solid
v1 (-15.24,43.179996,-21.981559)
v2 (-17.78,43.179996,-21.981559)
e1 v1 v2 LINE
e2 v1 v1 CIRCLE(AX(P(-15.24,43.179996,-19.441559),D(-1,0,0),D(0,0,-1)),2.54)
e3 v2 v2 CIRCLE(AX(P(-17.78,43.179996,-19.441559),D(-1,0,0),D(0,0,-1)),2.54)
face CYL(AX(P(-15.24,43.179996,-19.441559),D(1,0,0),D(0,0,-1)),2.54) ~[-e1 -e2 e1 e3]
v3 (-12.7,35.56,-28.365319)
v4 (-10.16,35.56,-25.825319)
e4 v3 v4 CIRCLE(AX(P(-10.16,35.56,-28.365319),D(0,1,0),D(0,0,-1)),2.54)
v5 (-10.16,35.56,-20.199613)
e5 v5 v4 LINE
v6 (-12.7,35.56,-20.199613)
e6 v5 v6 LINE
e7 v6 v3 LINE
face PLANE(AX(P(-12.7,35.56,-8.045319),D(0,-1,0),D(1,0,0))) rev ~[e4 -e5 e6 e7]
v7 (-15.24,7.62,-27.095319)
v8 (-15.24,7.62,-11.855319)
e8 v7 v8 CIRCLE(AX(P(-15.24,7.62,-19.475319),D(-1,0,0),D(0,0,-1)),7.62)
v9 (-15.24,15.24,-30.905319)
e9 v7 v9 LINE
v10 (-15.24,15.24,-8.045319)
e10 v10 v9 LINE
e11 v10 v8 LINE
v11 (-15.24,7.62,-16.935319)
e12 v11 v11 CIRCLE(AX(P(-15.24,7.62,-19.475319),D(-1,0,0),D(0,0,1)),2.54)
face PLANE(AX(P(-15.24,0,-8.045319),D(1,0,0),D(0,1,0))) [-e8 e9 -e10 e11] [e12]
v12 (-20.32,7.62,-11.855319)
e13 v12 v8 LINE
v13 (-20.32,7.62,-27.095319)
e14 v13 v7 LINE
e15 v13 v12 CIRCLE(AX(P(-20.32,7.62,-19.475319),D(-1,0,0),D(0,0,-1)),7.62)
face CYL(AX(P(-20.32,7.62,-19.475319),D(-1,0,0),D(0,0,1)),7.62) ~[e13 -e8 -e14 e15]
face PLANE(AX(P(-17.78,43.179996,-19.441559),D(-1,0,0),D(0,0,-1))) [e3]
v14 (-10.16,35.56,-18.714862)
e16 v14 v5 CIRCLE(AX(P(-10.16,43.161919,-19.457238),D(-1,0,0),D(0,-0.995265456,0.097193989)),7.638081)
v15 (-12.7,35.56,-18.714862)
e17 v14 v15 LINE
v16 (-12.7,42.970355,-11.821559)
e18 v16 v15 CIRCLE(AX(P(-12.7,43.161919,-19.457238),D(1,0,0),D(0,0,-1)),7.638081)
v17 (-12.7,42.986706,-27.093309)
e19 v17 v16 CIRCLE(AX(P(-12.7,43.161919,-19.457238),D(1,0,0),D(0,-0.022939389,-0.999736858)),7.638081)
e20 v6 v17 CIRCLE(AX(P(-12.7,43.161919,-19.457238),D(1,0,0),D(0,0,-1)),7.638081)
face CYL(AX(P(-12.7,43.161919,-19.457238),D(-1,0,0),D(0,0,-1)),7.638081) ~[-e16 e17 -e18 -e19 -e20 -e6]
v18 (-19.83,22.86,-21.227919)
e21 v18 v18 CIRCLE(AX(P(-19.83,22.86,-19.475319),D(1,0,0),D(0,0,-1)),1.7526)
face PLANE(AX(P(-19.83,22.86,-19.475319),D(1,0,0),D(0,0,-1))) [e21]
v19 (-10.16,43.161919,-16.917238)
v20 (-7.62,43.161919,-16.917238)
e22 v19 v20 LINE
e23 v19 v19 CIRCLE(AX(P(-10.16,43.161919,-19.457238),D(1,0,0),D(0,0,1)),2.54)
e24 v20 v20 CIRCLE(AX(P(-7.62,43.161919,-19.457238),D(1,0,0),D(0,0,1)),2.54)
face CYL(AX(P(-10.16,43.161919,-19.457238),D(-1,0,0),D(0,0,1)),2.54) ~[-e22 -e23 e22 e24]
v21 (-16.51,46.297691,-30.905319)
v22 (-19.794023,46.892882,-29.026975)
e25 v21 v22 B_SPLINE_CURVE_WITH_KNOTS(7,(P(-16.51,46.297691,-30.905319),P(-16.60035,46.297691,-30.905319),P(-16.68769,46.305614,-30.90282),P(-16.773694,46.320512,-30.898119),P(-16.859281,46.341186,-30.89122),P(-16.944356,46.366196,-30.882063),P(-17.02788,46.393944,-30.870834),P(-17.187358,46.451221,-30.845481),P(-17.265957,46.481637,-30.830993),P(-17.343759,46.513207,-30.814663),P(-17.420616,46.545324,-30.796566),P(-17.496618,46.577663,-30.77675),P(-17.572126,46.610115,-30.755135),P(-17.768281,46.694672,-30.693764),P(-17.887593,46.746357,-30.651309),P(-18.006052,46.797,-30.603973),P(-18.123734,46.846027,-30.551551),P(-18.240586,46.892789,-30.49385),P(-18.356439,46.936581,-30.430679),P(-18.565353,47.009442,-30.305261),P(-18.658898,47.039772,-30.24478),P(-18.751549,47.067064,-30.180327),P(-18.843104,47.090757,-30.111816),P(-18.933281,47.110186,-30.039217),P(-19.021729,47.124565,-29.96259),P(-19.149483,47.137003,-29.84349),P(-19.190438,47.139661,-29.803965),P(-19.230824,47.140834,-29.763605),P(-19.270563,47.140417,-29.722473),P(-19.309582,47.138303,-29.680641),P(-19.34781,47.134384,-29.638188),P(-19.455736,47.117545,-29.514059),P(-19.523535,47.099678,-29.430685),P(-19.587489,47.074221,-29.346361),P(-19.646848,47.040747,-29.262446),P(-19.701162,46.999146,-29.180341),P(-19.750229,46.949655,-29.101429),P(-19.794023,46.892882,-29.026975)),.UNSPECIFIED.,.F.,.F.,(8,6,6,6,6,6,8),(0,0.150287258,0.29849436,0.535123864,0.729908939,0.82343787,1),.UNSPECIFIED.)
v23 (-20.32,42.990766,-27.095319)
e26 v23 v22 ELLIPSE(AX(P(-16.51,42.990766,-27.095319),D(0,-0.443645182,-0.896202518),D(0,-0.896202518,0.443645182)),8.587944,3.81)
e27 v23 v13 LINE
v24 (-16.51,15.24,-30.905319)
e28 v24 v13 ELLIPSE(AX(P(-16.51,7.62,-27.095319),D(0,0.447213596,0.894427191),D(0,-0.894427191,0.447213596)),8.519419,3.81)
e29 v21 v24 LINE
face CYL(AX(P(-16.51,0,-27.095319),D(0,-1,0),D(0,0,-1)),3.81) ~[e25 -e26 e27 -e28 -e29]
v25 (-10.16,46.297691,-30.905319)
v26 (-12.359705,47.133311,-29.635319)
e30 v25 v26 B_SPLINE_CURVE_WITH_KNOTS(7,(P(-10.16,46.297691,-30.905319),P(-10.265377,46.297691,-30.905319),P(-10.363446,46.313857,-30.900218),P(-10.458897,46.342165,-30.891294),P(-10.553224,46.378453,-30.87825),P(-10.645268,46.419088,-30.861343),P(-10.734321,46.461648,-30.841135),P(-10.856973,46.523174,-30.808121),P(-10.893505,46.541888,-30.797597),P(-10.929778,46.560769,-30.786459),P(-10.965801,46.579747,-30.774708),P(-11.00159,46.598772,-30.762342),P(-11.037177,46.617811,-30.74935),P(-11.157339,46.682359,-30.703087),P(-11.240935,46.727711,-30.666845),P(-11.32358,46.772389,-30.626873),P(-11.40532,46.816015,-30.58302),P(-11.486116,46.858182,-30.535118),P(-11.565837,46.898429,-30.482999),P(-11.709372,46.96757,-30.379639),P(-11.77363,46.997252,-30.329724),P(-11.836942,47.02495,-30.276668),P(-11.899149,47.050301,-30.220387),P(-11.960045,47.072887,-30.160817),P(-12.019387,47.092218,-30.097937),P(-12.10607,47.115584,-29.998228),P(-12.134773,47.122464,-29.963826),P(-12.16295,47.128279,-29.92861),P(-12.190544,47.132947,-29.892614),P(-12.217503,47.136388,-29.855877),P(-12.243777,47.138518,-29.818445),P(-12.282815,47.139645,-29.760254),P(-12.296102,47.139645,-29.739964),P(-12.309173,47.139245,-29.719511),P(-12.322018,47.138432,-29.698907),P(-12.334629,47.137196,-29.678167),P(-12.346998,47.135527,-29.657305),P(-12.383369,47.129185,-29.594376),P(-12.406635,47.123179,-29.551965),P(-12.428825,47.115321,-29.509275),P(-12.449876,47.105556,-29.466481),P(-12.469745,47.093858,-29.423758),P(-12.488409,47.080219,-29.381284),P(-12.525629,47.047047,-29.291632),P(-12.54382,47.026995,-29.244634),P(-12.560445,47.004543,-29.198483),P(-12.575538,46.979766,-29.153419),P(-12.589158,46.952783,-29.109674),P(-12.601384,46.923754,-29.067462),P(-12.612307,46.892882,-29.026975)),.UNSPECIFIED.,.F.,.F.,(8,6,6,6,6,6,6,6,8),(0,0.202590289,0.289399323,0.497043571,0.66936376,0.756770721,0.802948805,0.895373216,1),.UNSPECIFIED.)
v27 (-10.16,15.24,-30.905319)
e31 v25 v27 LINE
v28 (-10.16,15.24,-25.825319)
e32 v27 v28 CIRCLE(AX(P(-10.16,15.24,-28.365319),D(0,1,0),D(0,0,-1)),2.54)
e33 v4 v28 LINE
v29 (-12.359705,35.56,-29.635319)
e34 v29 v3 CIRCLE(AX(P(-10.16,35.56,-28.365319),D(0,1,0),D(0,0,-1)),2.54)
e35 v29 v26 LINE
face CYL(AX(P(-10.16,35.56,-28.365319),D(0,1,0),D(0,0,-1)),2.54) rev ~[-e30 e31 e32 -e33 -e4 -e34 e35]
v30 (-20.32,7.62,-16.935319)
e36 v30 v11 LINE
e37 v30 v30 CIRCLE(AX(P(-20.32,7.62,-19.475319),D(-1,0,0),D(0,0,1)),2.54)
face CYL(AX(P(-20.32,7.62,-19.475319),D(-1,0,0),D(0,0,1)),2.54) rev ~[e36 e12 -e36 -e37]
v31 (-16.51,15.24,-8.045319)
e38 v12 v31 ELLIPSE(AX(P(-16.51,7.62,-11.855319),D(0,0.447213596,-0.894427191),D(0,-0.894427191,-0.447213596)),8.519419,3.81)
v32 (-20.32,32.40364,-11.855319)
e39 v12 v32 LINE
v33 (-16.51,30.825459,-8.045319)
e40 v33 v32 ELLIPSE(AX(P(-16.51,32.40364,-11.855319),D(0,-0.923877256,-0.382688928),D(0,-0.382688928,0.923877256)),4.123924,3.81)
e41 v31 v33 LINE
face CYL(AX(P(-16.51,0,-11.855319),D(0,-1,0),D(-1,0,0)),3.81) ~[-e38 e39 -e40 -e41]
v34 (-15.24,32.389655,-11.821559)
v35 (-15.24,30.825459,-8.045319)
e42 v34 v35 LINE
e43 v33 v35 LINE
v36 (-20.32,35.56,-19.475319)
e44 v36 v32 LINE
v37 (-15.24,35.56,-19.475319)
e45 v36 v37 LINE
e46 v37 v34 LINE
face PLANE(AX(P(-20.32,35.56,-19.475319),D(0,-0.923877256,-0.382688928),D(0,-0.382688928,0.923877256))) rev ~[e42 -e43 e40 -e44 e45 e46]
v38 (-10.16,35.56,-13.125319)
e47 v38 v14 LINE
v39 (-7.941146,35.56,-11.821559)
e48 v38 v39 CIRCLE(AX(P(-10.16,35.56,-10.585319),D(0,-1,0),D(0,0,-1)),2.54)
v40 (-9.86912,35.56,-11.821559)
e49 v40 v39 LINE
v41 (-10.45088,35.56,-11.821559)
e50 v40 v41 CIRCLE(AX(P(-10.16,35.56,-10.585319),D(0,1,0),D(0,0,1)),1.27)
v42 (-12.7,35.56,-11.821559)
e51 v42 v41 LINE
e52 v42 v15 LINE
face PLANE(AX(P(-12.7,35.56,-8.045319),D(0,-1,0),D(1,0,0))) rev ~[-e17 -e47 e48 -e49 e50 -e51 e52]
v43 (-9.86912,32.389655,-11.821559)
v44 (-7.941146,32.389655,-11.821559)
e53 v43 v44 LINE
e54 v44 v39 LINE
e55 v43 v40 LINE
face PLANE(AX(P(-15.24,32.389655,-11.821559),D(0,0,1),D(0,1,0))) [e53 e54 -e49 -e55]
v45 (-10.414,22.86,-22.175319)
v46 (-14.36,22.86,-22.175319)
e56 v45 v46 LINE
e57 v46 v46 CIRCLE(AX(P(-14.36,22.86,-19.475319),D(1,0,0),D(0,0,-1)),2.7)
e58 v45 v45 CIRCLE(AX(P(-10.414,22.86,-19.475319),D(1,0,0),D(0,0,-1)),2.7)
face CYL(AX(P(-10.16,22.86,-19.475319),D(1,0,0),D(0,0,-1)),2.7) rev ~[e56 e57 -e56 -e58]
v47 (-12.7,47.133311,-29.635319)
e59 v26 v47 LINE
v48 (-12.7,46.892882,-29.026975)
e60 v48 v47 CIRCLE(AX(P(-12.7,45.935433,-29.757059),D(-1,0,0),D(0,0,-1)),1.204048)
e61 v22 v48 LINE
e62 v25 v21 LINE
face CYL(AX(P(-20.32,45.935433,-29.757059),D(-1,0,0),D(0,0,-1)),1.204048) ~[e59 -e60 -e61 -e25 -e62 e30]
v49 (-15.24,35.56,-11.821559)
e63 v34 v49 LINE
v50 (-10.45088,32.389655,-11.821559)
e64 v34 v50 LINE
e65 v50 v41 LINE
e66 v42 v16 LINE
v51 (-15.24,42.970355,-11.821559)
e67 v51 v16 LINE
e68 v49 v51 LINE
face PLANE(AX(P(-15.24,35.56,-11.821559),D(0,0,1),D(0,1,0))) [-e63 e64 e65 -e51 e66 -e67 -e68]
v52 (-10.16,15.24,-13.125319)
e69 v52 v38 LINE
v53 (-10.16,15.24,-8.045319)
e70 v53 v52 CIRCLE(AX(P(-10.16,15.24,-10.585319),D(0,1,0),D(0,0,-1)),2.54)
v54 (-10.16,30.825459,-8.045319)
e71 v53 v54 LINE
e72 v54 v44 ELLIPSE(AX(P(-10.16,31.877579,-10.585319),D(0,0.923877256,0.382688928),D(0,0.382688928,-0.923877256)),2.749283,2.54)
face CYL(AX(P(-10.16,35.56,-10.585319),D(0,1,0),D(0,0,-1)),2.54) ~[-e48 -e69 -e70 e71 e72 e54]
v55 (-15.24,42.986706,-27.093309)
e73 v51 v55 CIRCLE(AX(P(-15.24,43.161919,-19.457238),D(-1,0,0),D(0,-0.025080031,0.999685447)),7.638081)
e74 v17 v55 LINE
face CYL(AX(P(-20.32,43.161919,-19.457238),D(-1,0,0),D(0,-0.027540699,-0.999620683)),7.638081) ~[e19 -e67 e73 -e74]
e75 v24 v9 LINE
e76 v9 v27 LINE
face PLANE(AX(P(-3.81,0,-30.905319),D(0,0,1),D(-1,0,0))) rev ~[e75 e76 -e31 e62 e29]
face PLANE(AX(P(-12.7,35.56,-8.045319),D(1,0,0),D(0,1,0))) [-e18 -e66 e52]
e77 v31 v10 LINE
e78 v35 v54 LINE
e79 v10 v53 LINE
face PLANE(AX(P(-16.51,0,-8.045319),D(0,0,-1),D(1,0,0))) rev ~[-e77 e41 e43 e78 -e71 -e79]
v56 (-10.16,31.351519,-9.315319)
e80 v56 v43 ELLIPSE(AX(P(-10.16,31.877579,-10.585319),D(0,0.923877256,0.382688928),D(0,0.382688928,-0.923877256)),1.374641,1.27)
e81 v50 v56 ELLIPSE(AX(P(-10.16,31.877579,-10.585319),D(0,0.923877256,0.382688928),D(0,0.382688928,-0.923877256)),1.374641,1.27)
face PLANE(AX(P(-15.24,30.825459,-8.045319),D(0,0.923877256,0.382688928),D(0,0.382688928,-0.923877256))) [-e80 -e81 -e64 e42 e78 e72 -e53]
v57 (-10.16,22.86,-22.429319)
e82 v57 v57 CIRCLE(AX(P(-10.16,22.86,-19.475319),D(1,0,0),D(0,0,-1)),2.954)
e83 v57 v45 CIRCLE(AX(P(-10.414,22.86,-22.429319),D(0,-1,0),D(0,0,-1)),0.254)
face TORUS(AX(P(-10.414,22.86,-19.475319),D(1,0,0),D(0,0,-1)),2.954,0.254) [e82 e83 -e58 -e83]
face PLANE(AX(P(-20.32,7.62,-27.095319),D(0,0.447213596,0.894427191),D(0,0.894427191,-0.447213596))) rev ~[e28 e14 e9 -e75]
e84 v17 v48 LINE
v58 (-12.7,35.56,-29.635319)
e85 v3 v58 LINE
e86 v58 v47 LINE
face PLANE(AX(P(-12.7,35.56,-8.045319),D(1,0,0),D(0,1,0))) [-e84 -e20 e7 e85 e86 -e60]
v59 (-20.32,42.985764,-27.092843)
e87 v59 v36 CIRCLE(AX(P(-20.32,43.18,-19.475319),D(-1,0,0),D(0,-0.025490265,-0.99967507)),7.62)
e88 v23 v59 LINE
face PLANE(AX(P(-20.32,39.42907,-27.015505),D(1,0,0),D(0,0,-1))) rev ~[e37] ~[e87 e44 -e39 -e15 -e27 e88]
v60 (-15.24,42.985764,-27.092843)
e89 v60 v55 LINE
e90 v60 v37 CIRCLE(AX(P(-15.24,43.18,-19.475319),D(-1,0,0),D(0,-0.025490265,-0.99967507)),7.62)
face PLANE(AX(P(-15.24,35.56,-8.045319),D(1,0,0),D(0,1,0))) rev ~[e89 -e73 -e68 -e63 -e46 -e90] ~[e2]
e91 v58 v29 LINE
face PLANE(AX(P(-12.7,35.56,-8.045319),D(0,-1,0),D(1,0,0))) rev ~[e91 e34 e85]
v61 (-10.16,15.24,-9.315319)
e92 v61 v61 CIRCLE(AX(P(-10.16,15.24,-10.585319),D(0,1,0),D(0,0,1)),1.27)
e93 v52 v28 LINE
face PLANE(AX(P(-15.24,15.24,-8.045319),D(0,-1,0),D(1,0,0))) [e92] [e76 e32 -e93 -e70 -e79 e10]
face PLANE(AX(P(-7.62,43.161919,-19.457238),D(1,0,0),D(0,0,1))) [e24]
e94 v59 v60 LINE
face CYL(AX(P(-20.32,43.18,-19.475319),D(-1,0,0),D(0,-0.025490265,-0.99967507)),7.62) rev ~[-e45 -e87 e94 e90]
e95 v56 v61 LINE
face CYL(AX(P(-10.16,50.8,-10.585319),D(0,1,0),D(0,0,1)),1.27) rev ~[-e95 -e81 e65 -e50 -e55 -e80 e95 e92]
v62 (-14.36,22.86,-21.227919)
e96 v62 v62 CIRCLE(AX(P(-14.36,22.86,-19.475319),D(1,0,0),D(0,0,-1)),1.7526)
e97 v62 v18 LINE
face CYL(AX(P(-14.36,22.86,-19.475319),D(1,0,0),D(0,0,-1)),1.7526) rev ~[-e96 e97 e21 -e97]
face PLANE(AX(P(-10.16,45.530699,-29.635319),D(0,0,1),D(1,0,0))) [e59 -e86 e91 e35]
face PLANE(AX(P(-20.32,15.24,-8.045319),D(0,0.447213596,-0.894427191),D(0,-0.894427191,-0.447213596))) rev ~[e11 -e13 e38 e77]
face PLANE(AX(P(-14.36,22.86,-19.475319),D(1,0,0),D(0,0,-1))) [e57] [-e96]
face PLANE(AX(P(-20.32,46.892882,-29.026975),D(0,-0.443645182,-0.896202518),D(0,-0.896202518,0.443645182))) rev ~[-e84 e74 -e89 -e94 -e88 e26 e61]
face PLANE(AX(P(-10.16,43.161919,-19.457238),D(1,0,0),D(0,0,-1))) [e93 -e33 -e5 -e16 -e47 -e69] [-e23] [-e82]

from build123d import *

# Parameters (mm, degrees)
BOSS_EXTRUDE1_DEPTH = 50.8
SKETCH3_R           = 1.27
CUT_EXTRUDE2_DEPTH  = 50.8
CUT_EXTRUDE1_DEPTH  = 50.8
CUT_EXTRUDE6_DEPTH  = 50.8
BOSS_EXTRUDE3_DEPTH = 20.32
SKETCH4_W           = 10.16
SKETCH4_H           = 15.24
CUT_EXTRUDE3_DEPTH  = 50.8
SKETCH5_R           = 2.54
CUT_EXTRUDE5_DEPTH  = 50.8
SKETCH8_R           = 2.54
BOSS_EXTRUDE2_DEPTH = 2.54
LPATTERN1_COUNT     = 2
LPATTERN1_PITCH     = 12.7
CUT_EXTRUDE7_DEPTH  = 20.32
SKETCH12_W          = 5.08
SKETCH12_H          = 19.941398178
CUT_EXTRUDE8_DEPTH  = 21.59
CUT_EXTRUDE9_DEPTH  = 5.08
LPATTERN2_COUNT     = 2
LPATTERN2_PITCH     = 15.24
CUT_EXTRUDE10_DEPTH = 40.767
SKETCH14_R          = 7.638081415
BOSS_EXTRUDE4_DEPTH = 2.54
SKETCH16_R          = 2.54
BOSS_EXTRUDE5_DEPTH = 2.54
SKETCH21_W          = 3.776239755
SKETCH21_H          = 7.410355269
CUT_EXTRUDE14_DEPTH = 2.54
CUT_EXTRUDE15_DEPTH = 9.906
SKETCH23_R          = 2.7
CUT_EXTRUDE16_DEPTH = 4.2
FILLET1_R           = 0.254
SKETCH24_R          = 1.7526
CUT_EXTRUDE17_DEPTH = 5.47


with BuildPart() as part:
    # Sketch1 → Boss-Extrude1 (new body)
    with BuildSketch(Plane(origin=(0, 0, 0), x_dir=(1, 0, 0), z_dir=(0, 1, 0))):
        with BuildLine():
            Line((-20.32, 27.095319289), (-20.32, 11.855319289))
            ThreePointArc((-20.32, 11.855319289), (-19.204076836, 9.161242453), (-16.51, 8.045319289))
            Line((-16.51, 8.045319289), (-3.81, 8.045319289))
            ThreePointArc((-3.81, 8.045319289), (-1.115923164, 9.161242453), (0, 11.855319289))
            Line((0, 11.855319289), (0, 27.095319289))
            ThreePointArc((0, 27.095319289), (-1.115923164, 29.789396126), (-3.81, 30.905319289))
            Line((-3.81, 30.905319289), (-16.51, 30.905319289))
            ThreePointArc((-16.51, 30.905319289), (-19.204076836, 29.789396126), (-20.32, 27.095319289))
        make_face()
    extrude(amount=BOSS_EXTRUDE1_DEPTH)

    # Sketch3 → Cut-Extrude2 (cut)
    with BuildSketch(Plane(origin=(0, 50.8, 0), x_dir=(1, 0, 0), z_dir=(0, 1, 0))):
        with Locations(Location((-10.16, 10.585319289, 0), (0, 0, 270))):
            Circle(SKETCH3_R)
        with Locations(Location((-10.16, 28.365319289, 0), (0, 0, 270))):
            Circle(SKETCH3_R)
    extrude(amount=-CUT_EXTRUDE2_DEPTH, mode=Mode.SUBTRACT)

    # Sketch2 → Cut-Extrude1 (cut)
    with BuildSketch(Plane.ZY.offset(20.32)):
        with BuildLine():
            Line((-27.095319289, 7.62), (-30.905319289, 15.24))
            Line((-30.905319289, 15.24), (-30.905319289, -5.08))
            Line((-30.905319289, -5.08), (-8.045319289, -5.08))
            Line((-8.045319289, -5.08), (-8.045319289, 15.24))
            Line((-8.045319289, 15.24), (-11.855319289, 7.62))
            ThreePointArc((-11.855319289, 7.62), (-19.475319289, 0), (-27.095319289, 7.62))
        make_face()
        with BuildLine():
            Line((-11.821559044, 42.970355269), (-8.045319289, 35.56))
            Line((-8.045319289, 35.56), (-8.045319289, 55.88))
            Line((-8.045319289, 55.88), (-30.905319289, 55.88))
            Line((-30.905319289, 55.88), (-30.905319289, 35.56))
            Line((-30.905319289, 35.56), (-27.092422036, 42.951560486))
            ThreePointArc((-27.092422036, 42.951560486), (-19.46663852, 50.799994215), (-11.821559044, 42.970355269))
        make_face()
    extrude(amount=-CUT_EXTRUDE1_DEPTH, mode=Mode.SUBTRACT)

    # Sketch7 → Cut-Extrude6 (cut)
    with BuildSketch(Plane.XY.offset(-8.045319289)):
        Polygon((-15.24, 50.8), (-12.7, 50.8), (-12.7, 35.56), (-7.62, 35.56), (-7.62, 50.8), (-5.08, 50.8), (-5.08, 35.56), (0, 35.56), (0, 59.156438057), (-20.32, 59.156438057), (-20.32, 35.56), (-15.24, 35.56), align=None)
    extrude(amount=-CUT_EXTRUDE6_DEPTH, mode=Mode.SUBTRACT)

    # Sketch9 → Boss-Extrude3 (add)
    with BuildSketch(Plane.ZY.offset(20.32)):
        with BuildLine():
            Line((-19.475319289, 35.56), (-30.961107471, 35.56))
            Line((-30.961107471, 35.56), (-30.961107471, 45.935432902))
            ThreePointArc((-30.961107471, 45.935432902), (-30.291229548, 47.014503778), (-29.026975399, 46.892882091))
            Line((-29.026975399, 46.892882091), (-27.092843326, 42.985764183))
            ThreePointArc((-27.092843326, 42.985764183), (-24.794356941, 37.723605727), (-19.475319289, 35.56))
        make_face()
    extrude(amount=-BOSS_EXTRUDE3_DEPTH)

    # Sketch4 → Cut-Extrude3 (cut)
    with BuildSketch(Plane.XY.offset(-8.045319289)):
        with Locations((-10.16, 7.62)):
            Rectangle(SKETCH4_W, SKETCH4_H)
    extrude(amount=-CUT_EXTRUDE3_DEPTH, mode=Mode.SUBTRACT)

    # Sketch5 → Cut-Extrude5 (cut)
    with BuildSketch(Plane.ZY.offset(20.32)):
        with Locations((-19.475319289, 7.62)):
            Circle(SKETCH5_R)
    extrude(amount=-CUT_EXTRUDE5_DEPTH, mode=Mode.SUBTRACT)

    # Sketch8 → Boss-Extrude2 (add)
    with BuildSketch(Plane.ZY.offset(15.24)):
        with Locations(Location((-19.441559044, 43.179995622, 0), (0, 0, 180))):
            Circle(SKETCH8_R)
    boss_extrude2 = extrude(amount=BOSS_EXTRUDE2_DEPTH)

    # LPattern1: Boss-Extrude2 ×2
    with Locations(*[(i * LPATTERN1_PITCH, 0, 0) for i in range(1, LPATTERN1_COUNT)]):
        add(boss_extrude2)

    # Sketch10 → Cut-Extrude7 (cut)
    with BuildSketch(Plane.XZ.offset(-35.56)):
        with BuildLine():
            Line((-16.51, -30.905319289), (-3.81, -30.905319289))
            ThreePointArc((-3.81, -30.905319289), (-1.115923164, -29.789396126), (0, -27.095319289))
            Line((0, -27.095319289), (5.770912039, -37.258829719))
            Line((5.770912039, -37.258829719), (-26.797758959, -37.890739908))
            Line((-26.797758959, -37.890739908), (-20.32, -27.095319289))
            ThreePointArc((-20.32, -27.095319289), (-19.204076836, -29.789396126), (-16.51, -30.905319289))
        make_face()
    extrude(amount=-CUT_EXTRUDE7_DEPTH, mode=Mode.SUBTRACT)

    # Sketch12 → Cut-Extrude8 (cut)
    with BuildSketch(Plane.XY.offset(-8.045319289)):
        with Locations((-10.16, 45.530699089)):
            Rectangle(SKETCH12_W, SKETCH12_H)
    extrude(amount=-CUT_EXTRUDE8_DEPTH, mode=Mode.SUBTRACT)

    # Sketch13 → Cut-Extrude9 (cut)
    with BuildSketch(Plane.ZY.offset(20.32)):
        Polygon((-19.475319289, 35.56), (-8.045319289, 30.82545932), (-1.320705488, 30.82545932), (-1.320705488, 35.56), align=None)
    cut_extrude9 = extrude(amount=-CUT_EXTRUDE9_DEPTH, mode=Mode.SUBTRACT)

    # LPattern2: Cut-Extrude9 ×2
    with Locations(*[(i * LPATTERN2_PITCH, 0, 0) for i in range(1, LPATTERN2_COUNT)]):
        add(cut_extrude9, mode=Mode.SUBTRACT)

    # Sketch15 → Cut-Extrude10 (cut, symmetric)
    with BuildSketch(Plane(origin=(0, 35.56, 0), x_dir=(1, 0, 0), z_dir=(0, 1, 0))):
        with BuildLine():
            Line((-10.16, 25.825319289), (-10.16, 13.125319289))
            ThreePointArc((-10.16, 13.125319289), (-7.62, 10.585319289), (-10.16, 8.045319289))
            Line((-10.16, 8.045319289), (12.124662948, -15.989120413))
            Line((12.124662948, -15.989120413), (8.97204404, 40.385502166))
            Line((8.97204404, 40.385502166), (-10.16, 30.905319289))
            ThreePointArc((-10.16, 30.905319289), (-12.7, 28.365319289), (-10.16, 25.825319289))
        make_face()
    extrude(amount=CUT_EXTRUDE10_DEPTH, both=True, mode=Mode.SUBTRACT)

    # Sketch14 → Boss-Extrude4 (add)
    with BuildSketch(Plane(origin=(-12.7, 0, 0), x_dir=(0, 0, -1), z_dir=(1, 0, 0))):
        with Locations((19.457237874, 43.161918585)):
            Circle(SKETCH14_R)
    extrude(amount=BOSS_EXTRUDE4_DEPTH)

    # Sketch16 → Boss-Extrude5 (add)
    with BuildSketch(Plane(origin=(-10.16, 0, 0), x_dir=(0, 0, -1), z_dir=(1, 0, 0))):
        with Locations(Location((19.457237874, 43.161918585, 0), (0, 0, 180))):
            Circle(SKETCH16_R)
    extrude(amount=BOSS_EXTRUDE5_DEPTH)

    # Sketch21 → Cut-Extrude14 (cut)
    with BuildSketch(Plane.ZY.offset(15.24)):
        with Locations((-9.933439167, 39.265177635)):
            Rectangle(SKETCH21_W, SKETCH21_H)
    extrude(amount=-CUT_EXTRUDE14_DEPTH, mode=Mode.SUBTRACT)

    # Sketch22 → Cut-Extrude15 (cut)
    with BuildSketch(Plane.ZY.offset(15.24)):
        Polygon((-8.045319289, 30.82545932), (-11.821559044, 32.38965536), (-11.821559044, 35.56), (-8.045319289, 35.56), align=None)
    extrude(amount=-CUT_EXTRUDE15_DEPTH, mode=Mode.SUBTRACT)

    # Sketch23 → Cut-Extrude16 (cut)
    with BuildSketch(Plane(origin=(-10.16, 0, 0), x_dir=(0, 0, -1), z_dir=(1, 0, 0))):
        with Locations((19.475319289, 22.86)):
            Circle(SKETCH23_R)
    extrude(amount=-CUT_EXTRUDE16_DEPTH, mode=Mode.SUBTRACT)

    # Fillet1
    fillet1_edges = [part.edges().sort_by_distance(p)[0] for p in [
        (-10.16, 22.86, -16.775319289),
    ]]
    fillet(fillet1_edges, radius=FILLET1_R)

    # Sketch24 → Cut-Extrude17 (cut)
    with BuildSketch(Plane(origin=(-14.36, 0, 0), x_dir=(0, 0, -1), z_dir=(1, 0, 0))):
        with Locations((19.475319289, 22.86)):
            Circle(SKETCH24_R)
    extrude(amount=-CUT_EXTRUDE17_DEPTH, mode=Mode.SUBTRACT)


solid = part.part
